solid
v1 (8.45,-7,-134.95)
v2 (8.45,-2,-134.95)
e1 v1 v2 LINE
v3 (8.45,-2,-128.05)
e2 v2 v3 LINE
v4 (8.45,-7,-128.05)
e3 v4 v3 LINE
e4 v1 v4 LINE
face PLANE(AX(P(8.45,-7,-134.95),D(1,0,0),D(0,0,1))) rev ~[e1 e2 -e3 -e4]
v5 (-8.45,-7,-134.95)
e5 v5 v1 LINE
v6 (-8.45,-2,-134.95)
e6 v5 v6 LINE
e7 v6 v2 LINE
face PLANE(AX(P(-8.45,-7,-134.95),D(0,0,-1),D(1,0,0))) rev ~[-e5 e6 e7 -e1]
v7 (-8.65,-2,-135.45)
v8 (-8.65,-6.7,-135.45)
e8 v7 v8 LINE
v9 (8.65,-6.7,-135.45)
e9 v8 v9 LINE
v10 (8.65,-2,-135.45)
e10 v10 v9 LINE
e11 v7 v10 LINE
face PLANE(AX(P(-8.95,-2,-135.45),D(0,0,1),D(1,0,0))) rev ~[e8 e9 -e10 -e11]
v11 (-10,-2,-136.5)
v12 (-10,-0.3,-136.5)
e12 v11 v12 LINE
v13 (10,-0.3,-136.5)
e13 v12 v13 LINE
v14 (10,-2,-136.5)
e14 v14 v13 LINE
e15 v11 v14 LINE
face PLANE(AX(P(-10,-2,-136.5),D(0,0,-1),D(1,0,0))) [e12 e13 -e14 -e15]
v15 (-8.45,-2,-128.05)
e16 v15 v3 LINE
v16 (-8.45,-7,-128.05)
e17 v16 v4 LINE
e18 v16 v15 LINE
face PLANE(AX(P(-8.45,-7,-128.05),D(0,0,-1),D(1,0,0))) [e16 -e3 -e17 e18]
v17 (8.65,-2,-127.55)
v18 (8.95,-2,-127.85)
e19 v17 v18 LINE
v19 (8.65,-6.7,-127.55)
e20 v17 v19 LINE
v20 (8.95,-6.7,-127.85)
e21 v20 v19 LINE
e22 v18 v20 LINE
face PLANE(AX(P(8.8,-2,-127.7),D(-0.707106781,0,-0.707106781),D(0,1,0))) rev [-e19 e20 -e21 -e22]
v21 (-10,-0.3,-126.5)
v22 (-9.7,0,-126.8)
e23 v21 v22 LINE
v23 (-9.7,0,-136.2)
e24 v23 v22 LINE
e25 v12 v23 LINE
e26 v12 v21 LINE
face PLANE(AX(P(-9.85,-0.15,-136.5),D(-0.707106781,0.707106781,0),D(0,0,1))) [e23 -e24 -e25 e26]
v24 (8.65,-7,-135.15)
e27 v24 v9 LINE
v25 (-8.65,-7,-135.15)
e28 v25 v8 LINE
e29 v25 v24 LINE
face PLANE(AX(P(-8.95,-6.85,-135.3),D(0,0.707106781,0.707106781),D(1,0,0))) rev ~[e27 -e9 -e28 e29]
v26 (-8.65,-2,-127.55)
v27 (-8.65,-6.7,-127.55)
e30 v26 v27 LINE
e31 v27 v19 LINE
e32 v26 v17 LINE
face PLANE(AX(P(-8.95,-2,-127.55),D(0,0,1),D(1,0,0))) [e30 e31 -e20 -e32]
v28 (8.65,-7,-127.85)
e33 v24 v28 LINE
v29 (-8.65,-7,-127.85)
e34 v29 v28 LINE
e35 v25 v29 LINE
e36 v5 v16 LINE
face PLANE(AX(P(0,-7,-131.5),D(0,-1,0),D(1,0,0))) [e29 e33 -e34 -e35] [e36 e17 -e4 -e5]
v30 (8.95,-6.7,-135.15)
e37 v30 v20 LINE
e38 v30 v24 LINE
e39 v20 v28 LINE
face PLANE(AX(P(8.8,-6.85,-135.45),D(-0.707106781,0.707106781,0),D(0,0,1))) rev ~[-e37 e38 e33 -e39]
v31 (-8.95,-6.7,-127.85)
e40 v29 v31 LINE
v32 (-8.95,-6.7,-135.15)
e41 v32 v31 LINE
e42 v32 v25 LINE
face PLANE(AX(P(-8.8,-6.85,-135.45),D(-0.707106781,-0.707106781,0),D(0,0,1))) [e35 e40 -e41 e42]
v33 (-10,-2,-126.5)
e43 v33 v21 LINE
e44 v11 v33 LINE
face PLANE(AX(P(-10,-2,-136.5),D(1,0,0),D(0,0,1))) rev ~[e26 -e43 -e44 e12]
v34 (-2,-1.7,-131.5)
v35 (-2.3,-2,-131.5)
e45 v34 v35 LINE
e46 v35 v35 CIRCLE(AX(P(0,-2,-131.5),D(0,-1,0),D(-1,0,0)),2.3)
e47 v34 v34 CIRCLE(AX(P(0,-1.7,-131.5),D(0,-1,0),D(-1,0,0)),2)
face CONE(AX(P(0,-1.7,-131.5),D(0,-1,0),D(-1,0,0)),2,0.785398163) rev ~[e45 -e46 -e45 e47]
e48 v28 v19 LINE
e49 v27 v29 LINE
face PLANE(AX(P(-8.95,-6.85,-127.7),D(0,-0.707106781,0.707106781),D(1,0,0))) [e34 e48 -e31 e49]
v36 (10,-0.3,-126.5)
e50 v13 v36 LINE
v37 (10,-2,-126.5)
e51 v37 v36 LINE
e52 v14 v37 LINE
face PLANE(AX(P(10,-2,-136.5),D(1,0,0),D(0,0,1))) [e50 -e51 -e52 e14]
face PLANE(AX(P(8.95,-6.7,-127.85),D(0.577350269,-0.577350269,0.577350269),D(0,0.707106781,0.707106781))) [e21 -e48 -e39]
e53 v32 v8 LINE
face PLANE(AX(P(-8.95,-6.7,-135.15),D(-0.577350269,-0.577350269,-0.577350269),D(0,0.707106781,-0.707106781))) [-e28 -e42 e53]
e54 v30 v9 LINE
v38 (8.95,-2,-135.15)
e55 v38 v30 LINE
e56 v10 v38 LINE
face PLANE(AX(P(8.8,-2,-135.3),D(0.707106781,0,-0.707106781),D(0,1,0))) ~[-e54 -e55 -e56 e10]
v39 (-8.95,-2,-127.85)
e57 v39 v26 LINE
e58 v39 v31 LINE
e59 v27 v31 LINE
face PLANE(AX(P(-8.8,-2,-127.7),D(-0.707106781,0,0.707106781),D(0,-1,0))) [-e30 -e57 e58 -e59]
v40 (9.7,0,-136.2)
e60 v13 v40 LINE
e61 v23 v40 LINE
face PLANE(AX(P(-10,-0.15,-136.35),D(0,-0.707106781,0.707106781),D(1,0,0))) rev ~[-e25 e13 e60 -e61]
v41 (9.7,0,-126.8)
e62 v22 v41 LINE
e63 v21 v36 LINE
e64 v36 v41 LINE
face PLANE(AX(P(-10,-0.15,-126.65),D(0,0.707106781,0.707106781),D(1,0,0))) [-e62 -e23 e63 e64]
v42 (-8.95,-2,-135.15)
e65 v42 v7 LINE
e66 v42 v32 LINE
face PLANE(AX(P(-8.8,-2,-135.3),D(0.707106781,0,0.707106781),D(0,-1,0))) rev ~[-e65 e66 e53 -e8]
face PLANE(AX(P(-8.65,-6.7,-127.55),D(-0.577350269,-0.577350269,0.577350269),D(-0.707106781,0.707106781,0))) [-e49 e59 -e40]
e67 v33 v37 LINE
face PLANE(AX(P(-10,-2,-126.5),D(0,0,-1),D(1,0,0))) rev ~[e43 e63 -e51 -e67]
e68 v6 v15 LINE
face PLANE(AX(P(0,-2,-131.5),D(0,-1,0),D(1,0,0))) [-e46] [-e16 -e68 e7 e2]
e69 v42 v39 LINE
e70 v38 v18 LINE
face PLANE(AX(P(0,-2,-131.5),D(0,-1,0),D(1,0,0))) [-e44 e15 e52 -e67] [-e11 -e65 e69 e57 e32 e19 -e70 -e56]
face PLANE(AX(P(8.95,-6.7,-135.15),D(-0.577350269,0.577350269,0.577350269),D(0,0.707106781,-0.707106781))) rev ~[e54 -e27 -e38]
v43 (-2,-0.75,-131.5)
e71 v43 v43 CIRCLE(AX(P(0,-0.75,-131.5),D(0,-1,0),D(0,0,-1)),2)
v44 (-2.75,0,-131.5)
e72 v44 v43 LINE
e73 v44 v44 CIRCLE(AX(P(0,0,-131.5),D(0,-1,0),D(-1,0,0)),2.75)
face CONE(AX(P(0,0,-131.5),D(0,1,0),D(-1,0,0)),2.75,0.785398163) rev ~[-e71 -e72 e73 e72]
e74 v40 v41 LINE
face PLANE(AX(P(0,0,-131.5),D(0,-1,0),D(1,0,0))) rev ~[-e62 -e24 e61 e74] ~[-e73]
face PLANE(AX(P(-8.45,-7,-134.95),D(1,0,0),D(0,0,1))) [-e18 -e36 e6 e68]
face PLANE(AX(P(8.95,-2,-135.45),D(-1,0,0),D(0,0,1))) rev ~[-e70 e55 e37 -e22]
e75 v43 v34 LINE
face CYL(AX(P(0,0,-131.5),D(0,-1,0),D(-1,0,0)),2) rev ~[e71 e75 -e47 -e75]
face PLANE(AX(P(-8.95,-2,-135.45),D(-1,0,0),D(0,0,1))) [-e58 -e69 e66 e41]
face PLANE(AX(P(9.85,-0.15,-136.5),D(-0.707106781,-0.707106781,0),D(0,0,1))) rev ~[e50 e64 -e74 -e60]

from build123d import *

# Parameters (mm, degrees)
SKETCH008_W         = 20
SKETCH008_H         = 10
PAD052_DEPTH        = 2
SKETCH009_W         = 17.9
SKETCH009_H         = 7.9
PAD053_DEPTH        = 5
SKETCH010_W         = 16.9
SKETCH010_H         = 6.9
POCKET004_DEPTH     = 5
HOLE001_D           = 4
HOLE001_DEPTH       = 2
HOLE001_CSINK_D     = 5.5
HOLE001_CSINK_ANGLE = 90
HOLE001_TIPS_R      = 2
CHAMFER004_SIZE     = 0.3
CHAMFER005_SIZE     = 0.3
CHAMFER055_SIZE     = 0.3


with BuildPart() as part:
    # Sketch008 → Pad052 (new body)
    with BuildSketch(Plane.XZ):
        Rectangle(SKETCH008_W, SKETCH008_H)
    extrude(amount=-PAD052_DEPTH)

    # Sketch009 (on Face5 of Pad052) → Pad053 (join)
    with BuildSketch(Plane.XZ):
        Rectangle(SKETCH009_W, SKETCH009_H)
    extrude(amount=PAD053_DEPTH)

    # Sketch010 (on Face11 of Pad053) → Pocket004 (cut)
    with BuildSketch(Plane.XZ.offset(5)):
        Rectangle(SKETCH010_W, SKETCH010_H)
    extrude(amount=-POCKET004_DEPTH, mode=Mode.SUBTRACT)

    # Hole001
    with Locations(Plane(origin=(0, 2, 0), x_dir=(1, 0, 0), z_dir=(0, 1, 0))):
        with Locations((0, 0)):
            CounterSinkHole(HOLE001_D / 2, HOLE001_CSINK_D / 2, depth=HOLE001_DEPTH, counter_sink_angle=HOLE001_CSINK_ANGLE)

    # Hole001 tips → Hole001 tip 1 section 0
    with BuildSketch(Plane(origin=(0, 0, 0), x_dir=(1, 0, 0), z_dir=(0, 1, 0)), mode=Mode.PRIVATE) as hole001_tip_1_s0:
        Circle(HOLE001_TIPS_R)
    loft([hole001_tip_1_s0.sketch, Vertex(0, -1.201721, 0)], mode=Mode.SUBTRACT)

    # Chamfer004
    chamfer004_edges = [part.edges().sort_by_distance(p)[0] for p in [
        (2, 0, 0),
    ]]
    chamfer(chamfer004_edges, length=CHAMFER004_SIZE)

    # Chamfer005
    chamfer005_edges = [part.edges().sort_by_distance(p)[0] for p in [
        (0, -5, -3.95),
        (-8.95, -5, 0),
        (0, -5, 3.95),
        (8.95, -5, 0),
        (8.95, -2.5, -3.95),
        (-8.95, -2.5, -3.95),
        (8.95, -2.5, 3.95),
        (-8.95, -2.5, 3.95),
    ]]
    chamfer(chamfer005_edges, length=CHAMFER005_SIZE)

    # Chamfer055
    chamfer055_edges = [part.edges().sort_by_distance(p)[0] for p in [
        (0, 2, 5),
        (10, 2, 0),
        (0, 2, -5),
        (-10, 2, 0),
    ]]
    chamfer(chamfer055_edges, length=CHAMFER055_SIZE)


with BuildPart() as part_1:
    # Body018 placement: moved
    add(part.part.moved(Location((0, -2, -131.5))))


solid = part_1.part
